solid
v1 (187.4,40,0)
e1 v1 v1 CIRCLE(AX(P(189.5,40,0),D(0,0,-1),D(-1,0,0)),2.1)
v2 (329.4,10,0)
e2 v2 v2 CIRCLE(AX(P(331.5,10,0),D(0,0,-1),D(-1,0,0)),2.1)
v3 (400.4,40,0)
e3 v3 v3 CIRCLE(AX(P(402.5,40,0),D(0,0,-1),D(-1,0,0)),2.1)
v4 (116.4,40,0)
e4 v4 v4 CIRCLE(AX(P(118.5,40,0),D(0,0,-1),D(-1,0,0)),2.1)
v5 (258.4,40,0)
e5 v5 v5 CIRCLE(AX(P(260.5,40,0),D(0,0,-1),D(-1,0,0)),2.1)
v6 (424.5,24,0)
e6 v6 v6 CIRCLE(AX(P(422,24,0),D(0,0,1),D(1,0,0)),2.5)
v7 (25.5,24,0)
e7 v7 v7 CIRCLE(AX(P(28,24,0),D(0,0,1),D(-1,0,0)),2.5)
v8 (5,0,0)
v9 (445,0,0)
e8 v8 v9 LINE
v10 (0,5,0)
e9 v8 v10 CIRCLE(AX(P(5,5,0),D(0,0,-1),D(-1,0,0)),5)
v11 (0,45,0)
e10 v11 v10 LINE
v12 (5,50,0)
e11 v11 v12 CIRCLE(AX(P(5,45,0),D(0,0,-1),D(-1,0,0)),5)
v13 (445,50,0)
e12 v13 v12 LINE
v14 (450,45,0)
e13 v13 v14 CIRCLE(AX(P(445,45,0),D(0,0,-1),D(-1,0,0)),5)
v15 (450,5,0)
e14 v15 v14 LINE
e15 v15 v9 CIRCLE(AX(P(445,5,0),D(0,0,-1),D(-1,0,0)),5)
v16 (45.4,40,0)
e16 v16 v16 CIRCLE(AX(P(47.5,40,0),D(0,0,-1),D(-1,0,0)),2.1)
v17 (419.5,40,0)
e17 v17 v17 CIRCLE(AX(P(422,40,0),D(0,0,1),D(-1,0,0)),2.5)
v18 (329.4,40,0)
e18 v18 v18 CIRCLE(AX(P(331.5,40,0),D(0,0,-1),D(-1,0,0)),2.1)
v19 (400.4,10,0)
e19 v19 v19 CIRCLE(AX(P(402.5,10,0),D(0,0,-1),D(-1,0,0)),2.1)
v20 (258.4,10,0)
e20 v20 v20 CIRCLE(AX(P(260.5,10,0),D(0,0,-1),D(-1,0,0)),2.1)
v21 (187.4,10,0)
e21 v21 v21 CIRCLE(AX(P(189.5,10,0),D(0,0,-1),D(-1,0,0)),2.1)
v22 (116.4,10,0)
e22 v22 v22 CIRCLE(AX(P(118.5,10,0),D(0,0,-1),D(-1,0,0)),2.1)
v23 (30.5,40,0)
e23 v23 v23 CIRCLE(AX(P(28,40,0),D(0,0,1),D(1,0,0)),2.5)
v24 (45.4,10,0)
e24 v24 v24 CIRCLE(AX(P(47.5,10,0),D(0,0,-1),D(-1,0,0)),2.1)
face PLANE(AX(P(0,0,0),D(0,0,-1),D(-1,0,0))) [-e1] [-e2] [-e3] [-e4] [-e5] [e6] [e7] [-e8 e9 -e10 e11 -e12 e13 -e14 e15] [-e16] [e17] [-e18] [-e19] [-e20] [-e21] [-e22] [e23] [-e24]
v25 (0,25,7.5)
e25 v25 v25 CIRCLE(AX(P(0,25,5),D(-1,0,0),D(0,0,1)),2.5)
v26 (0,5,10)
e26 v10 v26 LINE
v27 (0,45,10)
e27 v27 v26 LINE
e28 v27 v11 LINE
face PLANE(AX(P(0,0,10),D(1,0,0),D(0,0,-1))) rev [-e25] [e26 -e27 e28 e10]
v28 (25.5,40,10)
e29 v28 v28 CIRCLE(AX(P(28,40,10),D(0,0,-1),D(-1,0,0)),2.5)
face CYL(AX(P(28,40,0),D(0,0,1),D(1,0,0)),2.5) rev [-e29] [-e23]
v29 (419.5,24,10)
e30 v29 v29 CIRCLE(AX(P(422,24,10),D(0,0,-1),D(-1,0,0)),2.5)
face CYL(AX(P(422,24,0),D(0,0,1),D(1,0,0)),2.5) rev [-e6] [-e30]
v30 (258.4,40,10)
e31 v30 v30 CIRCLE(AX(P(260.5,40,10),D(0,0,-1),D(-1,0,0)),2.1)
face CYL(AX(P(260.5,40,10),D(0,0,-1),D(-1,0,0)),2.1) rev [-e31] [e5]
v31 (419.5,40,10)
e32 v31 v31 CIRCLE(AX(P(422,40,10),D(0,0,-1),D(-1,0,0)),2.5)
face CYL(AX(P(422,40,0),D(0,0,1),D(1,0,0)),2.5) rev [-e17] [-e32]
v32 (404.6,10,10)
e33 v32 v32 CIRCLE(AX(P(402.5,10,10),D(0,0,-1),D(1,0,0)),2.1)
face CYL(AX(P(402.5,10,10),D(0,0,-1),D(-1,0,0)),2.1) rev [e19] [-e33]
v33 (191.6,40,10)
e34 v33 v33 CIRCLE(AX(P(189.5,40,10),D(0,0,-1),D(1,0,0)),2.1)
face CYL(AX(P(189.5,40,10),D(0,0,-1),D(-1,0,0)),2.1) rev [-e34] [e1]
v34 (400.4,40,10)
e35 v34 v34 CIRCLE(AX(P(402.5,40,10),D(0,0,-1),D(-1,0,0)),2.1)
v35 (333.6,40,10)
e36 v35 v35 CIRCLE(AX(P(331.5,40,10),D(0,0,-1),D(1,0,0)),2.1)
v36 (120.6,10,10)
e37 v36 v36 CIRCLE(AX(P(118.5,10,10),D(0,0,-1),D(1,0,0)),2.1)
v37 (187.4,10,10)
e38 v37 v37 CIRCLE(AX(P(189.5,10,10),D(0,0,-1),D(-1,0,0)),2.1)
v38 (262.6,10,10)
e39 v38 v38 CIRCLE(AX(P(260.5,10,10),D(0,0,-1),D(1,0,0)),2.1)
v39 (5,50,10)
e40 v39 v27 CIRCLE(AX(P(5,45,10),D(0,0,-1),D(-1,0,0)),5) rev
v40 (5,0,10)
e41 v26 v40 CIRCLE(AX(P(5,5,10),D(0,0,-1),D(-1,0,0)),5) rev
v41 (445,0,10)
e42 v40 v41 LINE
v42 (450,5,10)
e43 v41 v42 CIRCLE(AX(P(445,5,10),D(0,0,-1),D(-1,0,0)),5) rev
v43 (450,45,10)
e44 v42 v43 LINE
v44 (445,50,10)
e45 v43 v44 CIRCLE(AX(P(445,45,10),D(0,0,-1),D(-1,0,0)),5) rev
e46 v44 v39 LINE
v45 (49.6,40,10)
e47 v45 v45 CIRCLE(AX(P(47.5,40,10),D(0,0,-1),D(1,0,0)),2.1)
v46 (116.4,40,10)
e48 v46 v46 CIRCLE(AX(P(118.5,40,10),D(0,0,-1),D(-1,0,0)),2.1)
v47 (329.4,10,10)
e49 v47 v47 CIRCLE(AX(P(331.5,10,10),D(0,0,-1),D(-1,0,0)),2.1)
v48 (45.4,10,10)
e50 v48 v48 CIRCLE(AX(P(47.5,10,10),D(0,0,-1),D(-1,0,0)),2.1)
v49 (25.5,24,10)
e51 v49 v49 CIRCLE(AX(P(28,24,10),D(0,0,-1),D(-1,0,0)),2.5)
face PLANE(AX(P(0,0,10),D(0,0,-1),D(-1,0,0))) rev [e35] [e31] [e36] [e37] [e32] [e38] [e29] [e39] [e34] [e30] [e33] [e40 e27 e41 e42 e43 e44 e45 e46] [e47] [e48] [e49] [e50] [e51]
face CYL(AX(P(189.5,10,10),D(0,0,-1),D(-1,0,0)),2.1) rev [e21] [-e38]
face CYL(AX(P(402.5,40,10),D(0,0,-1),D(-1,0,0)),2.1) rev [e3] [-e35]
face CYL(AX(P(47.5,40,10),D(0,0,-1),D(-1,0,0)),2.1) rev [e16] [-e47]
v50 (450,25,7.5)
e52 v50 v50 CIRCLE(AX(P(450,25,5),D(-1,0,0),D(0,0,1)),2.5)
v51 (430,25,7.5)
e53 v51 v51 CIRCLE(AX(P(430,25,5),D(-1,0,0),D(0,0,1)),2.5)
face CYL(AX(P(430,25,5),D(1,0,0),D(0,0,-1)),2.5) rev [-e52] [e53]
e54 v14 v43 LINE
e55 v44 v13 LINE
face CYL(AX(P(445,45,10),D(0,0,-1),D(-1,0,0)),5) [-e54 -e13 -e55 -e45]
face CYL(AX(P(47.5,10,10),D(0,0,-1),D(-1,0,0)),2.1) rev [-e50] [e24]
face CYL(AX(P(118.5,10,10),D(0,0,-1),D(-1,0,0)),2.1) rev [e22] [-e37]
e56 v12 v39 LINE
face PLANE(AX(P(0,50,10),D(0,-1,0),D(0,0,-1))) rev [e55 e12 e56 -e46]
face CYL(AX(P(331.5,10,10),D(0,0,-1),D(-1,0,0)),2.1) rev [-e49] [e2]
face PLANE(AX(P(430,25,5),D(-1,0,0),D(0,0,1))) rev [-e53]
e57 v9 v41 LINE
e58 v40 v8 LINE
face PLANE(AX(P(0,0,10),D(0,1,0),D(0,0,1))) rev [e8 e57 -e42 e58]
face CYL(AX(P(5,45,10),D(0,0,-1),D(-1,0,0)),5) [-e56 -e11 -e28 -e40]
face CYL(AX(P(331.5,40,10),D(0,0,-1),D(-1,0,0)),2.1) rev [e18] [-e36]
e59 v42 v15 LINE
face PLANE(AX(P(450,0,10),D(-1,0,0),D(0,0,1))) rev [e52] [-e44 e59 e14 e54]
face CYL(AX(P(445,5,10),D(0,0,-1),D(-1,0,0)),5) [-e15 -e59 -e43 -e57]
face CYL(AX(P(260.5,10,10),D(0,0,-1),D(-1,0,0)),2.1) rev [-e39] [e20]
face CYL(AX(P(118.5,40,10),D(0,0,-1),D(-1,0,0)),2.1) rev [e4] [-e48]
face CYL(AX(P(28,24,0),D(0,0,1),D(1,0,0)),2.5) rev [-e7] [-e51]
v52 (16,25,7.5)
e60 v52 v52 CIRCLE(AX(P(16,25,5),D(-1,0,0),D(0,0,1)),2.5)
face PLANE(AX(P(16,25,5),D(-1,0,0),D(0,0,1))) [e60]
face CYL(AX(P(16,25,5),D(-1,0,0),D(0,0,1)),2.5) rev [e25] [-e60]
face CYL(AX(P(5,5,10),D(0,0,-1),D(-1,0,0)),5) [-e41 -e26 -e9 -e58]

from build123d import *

# Parameters (mm, degrees)
ESQUISSE1_W                  = 450
ESQUISSE1_H                  = 50
BOSS_EXTRU_1_DEPTH           = 10
ESQUISSE2_R                  = 2.5
ENL_V_MAT_EXTRU_1_DEPTH      = 16
ENL_V_START                  = -430
ESQUISSE2_2_R                = 2.5
ENL_V_MAT_EXTRU_2_DEPTH      = 20
CONG_1_R                     = 5
ENL_V_MAT_EXTRU_3_DEPTH      = 453.879674969
ENL_V_MAT_EXTRU_3_DEPTH_BACK = 453.879674969
ESQUISSE3_R                  = 2.1
ENL_V_MAT_EXTRU_4_DEPTH      = 453.879674969
ENL_V_MAT_EXTRU_4_DEPTH_BACK = 453.879674969
ESQUISSE4_R                  = 2.5


with BuildPart() as part:
    # Esquisse1 → Boss.-Extru.1 (new body)
    with BuildSketch(Plane.XY):
        with Locations((225, 25)):
            Rectangle(ESQUISSE1_W, ESQUISSE1_H)
    extrude(amount=BOSS_EXTRU_1_DEPTH)

    # Esquisse2 → Enlèv. mat.-Extru.1 (cut)
    with BuildSketch(Plane.ZY):
        with Locations((5, 25)):
            Circle(ESQUISSE2_R)
    extrude(amount=-ENL_V_MAT_EXTRU_1_DEPTH, mode=Mode.SUBTRACT)

    # Esquisse2<2> → Enlèv. mat.-Extru.2 (cut)
    with BuildSketch(Plane.ZY.offset(ENL_V_START)):
        with Locations((5, 25)):
            Circle(ESQUISSE2_2_R)
    extrude(amount=-ENL_V_MAT_EXTRU_2_DEPTH, mode=Mode.SUBTRACT)

    # Congé1
    cong_1_edges = [part.edges().sort_by_distance(p)[0] for p in [
        (0, 50, 5),
        (450, 50, 5),
        (450, 0, 5),
        (0, 0, 5),
    ]]
    fillet(cong_1_edges, radius=CONG_1_R)

    # Esquisse3 → Enlèv. mat.-Extru.3 (cut, two sides: drawn at the far end of the back side and taken through both)
    with BuildSketch(Plane(origin=(0, 0, 0), x_dir=(-1, 0, 0), z_dir=(0, 0, -1)).offset(-ENL_V_MAT_EXTRU_3_DEPTH_BACK)):
        with Locations((-260.5, 40)):
            Circle(ESQUISSE3_R)
        with Locations((-260.5, 10)):
            Circle(ESQUISSE3_R)
        with Locations((-331.5, 10)):
            Circle(ESQUISSE3_R)
        with Locations((-331.5, 40)):
            Circle(ESQUISSE3_R)
        with Locations((-402.5, 40)):
            Circle(ESQUISSE3_R)
        with Locations((-402.5, 10)):
            Circle(ESQUISSE3_R)
        with Locations((-47.5, 10)):
            Circle(ESQUISSE3_R)
        with Locations((-47.5, 40)):
            Circle(ESQUISSE3_R)
        with Locations((-118.5, 40)):
            Circle(ESQUISSE3_R)
        with Locations((-118.5, 10)):
            Circle(ESQUISSE3_R)
        with Locations((-189.5, 10)):
            Circle(ESQUISSE3_R)
        with Locations((-189.5, 40)):
            Circle(ESQUISSE3_R)
    extrude(amount=ENL_V_MAT_EXTRU_3_DEPTH + ENL_V_MAT_EXTRU_3_DEPTH_BACK, mode=Mode.SUBTRACT)

    # Esquisse4 → Enlèv. mat.-Extru.4 (cut, two sides: drawn at the far end of the back side and taken through both)
    with BuildSketch(Plane.XY.offset(10).offset(-ENL_V_MAT_EXTRU_4_DEPTH_BACK)):
        with Locations((28, 40)):
            Circle(ESQUISSE4_R)
        with Locations(Location((28, 24, 0), (0, 0, 180))):
            Circle(ESQUISSE4_R)
        with Locations((422, 24)):
            Circle(ESQUISSE4_R)
        with Locations(Location((422, 40, 0), (0, 0, 180))):
            Circle(ESQUISSE4_R)
    extrude(amount=ENL_V_MAT_EXTRU_4_DEPTH + ENL_V_MAT_EXTRU_4_DEPTH_BACK, mode=Mode.SUBTRACT)


solid = part.part
